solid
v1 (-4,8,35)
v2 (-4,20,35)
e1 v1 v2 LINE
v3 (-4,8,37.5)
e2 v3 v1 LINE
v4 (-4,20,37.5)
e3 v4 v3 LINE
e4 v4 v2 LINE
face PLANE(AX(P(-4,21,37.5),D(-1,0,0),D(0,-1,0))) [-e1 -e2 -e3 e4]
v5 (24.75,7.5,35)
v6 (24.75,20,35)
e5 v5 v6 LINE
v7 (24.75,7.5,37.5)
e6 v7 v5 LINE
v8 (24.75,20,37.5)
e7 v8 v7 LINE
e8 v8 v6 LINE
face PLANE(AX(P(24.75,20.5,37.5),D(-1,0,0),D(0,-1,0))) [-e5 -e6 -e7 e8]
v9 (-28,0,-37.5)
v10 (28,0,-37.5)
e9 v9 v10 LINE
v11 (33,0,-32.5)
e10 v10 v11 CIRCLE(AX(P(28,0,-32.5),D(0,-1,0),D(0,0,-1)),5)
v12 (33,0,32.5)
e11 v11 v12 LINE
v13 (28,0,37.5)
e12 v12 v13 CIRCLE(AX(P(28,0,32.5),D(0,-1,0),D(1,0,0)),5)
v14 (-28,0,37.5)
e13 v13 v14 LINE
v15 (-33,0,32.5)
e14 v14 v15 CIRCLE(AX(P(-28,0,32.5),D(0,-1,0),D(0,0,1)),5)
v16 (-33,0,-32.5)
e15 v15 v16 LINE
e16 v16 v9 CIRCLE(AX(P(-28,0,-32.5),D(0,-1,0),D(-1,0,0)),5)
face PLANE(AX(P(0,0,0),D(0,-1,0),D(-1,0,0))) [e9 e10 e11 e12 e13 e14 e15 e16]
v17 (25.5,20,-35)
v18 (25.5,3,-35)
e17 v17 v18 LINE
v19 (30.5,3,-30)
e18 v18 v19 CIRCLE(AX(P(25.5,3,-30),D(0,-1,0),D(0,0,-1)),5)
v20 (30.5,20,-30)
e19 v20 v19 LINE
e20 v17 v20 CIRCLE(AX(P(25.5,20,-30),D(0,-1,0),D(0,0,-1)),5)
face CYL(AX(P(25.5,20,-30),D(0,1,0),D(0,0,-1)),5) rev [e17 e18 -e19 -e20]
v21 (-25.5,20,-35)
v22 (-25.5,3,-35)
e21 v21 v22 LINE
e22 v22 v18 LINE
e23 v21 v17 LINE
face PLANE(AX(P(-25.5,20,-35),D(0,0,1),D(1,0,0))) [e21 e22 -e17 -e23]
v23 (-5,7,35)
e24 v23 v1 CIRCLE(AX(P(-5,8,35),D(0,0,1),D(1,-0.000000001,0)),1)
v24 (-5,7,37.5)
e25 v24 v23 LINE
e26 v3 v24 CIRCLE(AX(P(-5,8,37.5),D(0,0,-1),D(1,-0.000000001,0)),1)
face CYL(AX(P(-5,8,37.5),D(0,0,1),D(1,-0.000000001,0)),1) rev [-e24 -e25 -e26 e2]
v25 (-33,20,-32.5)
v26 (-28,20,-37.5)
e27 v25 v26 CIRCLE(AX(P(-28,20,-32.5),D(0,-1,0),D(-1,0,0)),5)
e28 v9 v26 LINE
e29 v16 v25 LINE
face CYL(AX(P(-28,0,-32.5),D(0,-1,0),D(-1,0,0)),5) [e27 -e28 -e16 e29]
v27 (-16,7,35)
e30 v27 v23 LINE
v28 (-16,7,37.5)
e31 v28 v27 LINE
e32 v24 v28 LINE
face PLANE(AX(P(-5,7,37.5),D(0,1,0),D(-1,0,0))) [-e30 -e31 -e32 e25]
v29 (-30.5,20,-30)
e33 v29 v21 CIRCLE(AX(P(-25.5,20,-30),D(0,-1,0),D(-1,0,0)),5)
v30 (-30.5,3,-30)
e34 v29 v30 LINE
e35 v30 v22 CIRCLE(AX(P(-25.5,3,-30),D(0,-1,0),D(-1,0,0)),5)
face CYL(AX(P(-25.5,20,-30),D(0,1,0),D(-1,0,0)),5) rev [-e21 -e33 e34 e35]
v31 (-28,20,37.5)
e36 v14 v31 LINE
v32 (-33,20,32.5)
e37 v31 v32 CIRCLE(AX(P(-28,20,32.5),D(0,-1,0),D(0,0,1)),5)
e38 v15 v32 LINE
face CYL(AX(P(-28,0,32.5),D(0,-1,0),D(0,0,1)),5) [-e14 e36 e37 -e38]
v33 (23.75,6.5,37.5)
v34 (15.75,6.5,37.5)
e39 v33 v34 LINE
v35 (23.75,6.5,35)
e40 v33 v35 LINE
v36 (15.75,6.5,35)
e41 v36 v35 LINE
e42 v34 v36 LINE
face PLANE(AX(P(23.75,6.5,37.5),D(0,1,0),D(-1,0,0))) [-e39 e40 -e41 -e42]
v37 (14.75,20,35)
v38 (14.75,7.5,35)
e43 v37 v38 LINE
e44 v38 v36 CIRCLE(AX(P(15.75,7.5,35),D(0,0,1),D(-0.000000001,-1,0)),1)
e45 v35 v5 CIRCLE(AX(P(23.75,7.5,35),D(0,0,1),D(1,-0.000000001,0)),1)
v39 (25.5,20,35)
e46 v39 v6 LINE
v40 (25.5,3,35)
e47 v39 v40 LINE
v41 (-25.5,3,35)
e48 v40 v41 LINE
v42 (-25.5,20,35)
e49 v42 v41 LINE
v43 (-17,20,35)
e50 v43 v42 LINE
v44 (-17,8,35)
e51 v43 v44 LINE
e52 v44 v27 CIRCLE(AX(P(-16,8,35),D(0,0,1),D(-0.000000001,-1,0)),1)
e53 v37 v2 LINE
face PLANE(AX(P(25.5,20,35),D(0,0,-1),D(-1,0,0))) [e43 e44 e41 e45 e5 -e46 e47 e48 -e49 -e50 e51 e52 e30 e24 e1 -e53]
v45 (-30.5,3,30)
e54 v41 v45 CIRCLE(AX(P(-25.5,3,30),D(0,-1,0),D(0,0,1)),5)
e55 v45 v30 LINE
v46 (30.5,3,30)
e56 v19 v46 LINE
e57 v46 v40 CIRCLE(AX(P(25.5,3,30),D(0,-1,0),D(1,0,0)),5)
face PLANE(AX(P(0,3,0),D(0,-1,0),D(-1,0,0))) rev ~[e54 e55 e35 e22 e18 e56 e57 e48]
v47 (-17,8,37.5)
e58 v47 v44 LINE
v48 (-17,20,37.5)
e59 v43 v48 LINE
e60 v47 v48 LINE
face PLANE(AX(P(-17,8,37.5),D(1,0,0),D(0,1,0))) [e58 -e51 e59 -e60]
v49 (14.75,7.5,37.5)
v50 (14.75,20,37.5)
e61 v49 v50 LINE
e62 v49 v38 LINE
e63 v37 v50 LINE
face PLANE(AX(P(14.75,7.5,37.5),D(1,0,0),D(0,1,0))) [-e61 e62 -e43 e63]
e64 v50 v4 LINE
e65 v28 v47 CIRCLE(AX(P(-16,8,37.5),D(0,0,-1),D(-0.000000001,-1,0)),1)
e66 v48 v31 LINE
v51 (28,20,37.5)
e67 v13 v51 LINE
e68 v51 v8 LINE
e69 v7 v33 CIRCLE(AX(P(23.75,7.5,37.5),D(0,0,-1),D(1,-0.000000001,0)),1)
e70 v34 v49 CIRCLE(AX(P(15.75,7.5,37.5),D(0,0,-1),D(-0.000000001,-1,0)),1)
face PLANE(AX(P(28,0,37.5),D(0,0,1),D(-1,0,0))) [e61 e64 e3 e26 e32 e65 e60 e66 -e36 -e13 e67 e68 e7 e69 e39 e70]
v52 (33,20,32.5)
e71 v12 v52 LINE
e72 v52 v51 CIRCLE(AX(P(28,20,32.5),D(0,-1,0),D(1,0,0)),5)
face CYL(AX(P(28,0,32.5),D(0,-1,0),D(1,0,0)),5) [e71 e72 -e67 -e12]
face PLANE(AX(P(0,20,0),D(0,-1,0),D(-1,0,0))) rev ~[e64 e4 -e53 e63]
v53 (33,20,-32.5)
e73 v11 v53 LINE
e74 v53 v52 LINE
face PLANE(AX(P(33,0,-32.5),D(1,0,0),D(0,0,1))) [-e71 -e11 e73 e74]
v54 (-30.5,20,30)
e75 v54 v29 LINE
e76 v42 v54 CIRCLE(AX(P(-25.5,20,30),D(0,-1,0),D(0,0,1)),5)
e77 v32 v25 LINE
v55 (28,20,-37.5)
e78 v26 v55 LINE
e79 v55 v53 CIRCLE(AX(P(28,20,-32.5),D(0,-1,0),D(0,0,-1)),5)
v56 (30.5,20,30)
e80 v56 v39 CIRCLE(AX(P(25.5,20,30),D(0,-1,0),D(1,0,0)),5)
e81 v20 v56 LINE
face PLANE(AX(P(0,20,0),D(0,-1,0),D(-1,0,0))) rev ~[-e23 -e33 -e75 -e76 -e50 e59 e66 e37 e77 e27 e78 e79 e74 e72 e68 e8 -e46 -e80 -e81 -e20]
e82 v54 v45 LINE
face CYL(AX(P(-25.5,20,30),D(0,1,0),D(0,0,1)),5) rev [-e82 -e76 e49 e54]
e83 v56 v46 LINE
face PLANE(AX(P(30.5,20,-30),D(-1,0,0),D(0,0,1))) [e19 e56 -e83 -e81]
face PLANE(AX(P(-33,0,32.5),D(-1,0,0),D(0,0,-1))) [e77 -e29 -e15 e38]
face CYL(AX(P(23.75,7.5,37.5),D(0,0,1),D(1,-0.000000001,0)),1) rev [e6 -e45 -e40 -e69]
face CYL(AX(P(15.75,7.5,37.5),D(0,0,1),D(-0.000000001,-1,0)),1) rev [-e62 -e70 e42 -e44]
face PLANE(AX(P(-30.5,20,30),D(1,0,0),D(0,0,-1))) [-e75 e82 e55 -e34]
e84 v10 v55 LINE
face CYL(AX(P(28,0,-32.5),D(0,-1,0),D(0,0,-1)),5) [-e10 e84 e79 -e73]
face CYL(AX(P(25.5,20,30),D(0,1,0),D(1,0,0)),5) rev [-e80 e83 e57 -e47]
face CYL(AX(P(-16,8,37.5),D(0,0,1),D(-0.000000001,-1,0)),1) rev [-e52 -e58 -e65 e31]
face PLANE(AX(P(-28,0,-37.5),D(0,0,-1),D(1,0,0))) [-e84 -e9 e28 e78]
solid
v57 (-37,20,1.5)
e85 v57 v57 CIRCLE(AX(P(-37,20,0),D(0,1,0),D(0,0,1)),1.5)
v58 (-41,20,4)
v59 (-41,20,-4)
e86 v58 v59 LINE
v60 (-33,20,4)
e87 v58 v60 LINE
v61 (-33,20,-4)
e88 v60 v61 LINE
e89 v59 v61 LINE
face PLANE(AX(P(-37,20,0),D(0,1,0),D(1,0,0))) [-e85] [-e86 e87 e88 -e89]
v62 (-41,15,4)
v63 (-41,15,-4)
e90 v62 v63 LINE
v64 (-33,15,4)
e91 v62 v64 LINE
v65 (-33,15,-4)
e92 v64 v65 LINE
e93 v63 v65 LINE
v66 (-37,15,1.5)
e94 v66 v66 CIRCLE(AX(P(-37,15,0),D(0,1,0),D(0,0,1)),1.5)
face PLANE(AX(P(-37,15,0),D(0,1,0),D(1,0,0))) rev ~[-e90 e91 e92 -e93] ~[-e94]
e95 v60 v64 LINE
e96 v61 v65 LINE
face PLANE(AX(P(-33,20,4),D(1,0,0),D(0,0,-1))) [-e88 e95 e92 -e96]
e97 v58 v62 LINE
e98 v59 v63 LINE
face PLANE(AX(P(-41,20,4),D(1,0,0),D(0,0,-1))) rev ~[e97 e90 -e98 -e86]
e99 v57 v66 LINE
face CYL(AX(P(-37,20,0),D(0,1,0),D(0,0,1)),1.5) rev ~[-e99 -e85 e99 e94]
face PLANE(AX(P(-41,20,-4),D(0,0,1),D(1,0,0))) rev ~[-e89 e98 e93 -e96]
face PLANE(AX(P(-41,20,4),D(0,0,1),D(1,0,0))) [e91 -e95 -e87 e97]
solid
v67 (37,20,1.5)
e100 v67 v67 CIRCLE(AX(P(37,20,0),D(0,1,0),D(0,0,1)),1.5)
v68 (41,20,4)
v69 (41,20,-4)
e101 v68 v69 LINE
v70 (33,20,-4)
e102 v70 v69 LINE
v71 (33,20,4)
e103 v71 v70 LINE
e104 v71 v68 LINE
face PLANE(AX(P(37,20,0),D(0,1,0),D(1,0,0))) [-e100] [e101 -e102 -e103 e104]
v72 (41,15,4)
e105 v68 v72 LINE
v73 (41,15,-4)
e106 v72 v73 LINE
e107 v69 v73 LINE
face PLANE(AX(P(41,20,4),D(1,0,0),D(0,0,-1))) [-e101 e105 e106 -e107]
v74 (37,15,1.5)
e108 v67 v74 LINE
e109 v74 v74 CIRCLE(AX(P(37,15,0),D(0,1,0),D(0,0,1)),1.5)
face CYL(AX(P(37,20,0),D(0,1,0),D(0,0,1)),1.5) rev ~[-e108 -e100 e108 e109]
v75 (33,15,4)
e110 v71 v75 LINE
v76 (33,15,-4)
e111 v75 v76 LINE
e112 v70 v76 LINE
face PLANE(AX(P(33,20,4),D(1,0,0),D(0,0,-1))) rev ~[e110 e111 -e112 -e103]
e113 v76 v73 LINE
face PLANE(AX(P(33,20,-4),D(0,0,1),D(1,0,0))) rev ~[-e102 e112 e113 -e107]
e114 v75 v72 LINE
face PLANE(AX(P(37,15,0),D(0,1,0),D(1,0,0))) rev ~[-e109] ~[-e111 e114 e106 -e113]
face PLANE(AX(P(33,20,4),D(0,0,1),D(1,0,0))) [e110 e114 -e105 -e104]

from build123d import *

# Parameters (mm, degrees)
AUFSATZ_LINEAR_AUSTRAGEN1_DEPTH   = 20
SCHNITT_LINEAR_AUSTRAGEN1_DEPTH   = 17
SCHNITT_LINEAR_AUSTRAGEN2_DEPTH   = 17
SKIZZE5_W                         = 8
SKIZZE5_H                         = 8
AUFSATZ_LINEAR_AUSTRAGEN2_DEPTH   = 5
AUFSATZ_LINEAR_AUSTRAGEN2_2_DEPTH = 5
SKIZZE6_R                         = 1.5
SCHNITT_LINEAR_AUSTRAGEN3_DEPTH   = 10


with BuildPart() as part:
    # Skizze1 → Aufsatz-Linear austragen1 (new body)
    with BuildSketch(Plane(origin=(0, 0, 0), x_dir=(1, 0, 0), z_dir=(0, 1, 0))):
        with BuildLine():
            Line((28, -37.5), (-28, -37.5))
            ThreePointArc((-28, -37.5), (-31.535533906, -36.035533906), (-33, -32.5))
            Line((-33, -32.5), (-33, 32.5))
            ThreePointArc((-33, 32.5), (-31.535533906, 36.035533906), (-28, 37.5))
            Line((-28, 37.5), (28, 37.5))
            ThreePointArc((28, 37.5), (31.535533906, 36.035533906), (33, 32.5))
            Line((33, 32.5), (33, -32.5))
            ThreePointArc((33, -32.5), (31.535533906, -36.035533906), (28, -37.5))
        make_face()
    extrude(amount=AUFSATZ_LINEAR_AUSTRAGEN1_DEPTH)

    # Skizze2 → Schnitt-Linear austragen1 (cut)
    with BuildSketch(Plane(origin=(0, 20, 0), x_dir=(1, 0, 0), z_dir=(0, 1, 0))):
        with BuildLine():
            Line((-25.5, 35), (25.5, 35))
            ThreePointArc((25.5, 35), (29.035533906, 33.535533906), (30.5, 30))
            Line((30.5, 30), (30.5, -30))
            ThreePointArc((30.5, -30), (29.035533906, -33.535533906), (25.5, -35))
            Line((25.5, -35), (-25.5, -35))
            ThreePointArc((-25.5, -35), (-29.035533906, -33.535533906), (-30.5, -30))
            Line((-30.5, -30), (-30.5, 30))
            ThreePointArc((-30.5, 30), (-29.035533906, 33.535533906), (-25.5, 35))
        make_face()
    extrude(amount=-SCHNITT_LINEAR_AUSTRAGEN1_DEPTH, mode=Mode.SUBTRACT)

    # Skizze4 → Schnitt-Linear austragen2 (cut)
    with BuildSketch(Plane.XY.offset(37.5)):
        with BuildLine():
            Line((-16, 22), (-5, 22))
            ThreePointArc((-5, 22), (-4.292893219, 21.707106781), (-4, 21))
            Line((-4, 21), (-4, 8))
            ThreePointArc((-4, 8), (-4.292893219, 7.292893219), (-5, 7))
            Line((-5, 7), (-16, 7))
            ThreePointArc((-16, 7), (-16.707106781, 7.292893219), (-17, 8))
            Line((-17, 8), (-17, 21))
            ThreePointArc((-17, 21), (-16.707106781, 21.707106781), (-16, 22))
        make_face()
        with BuildLine():
            Line((15.75, 21.5), (23.75, 21.5))
            ThreePointArc((23.75, 21.5), (24.457106781, 21.207106781), (24.75, 20.5))
            Line((24.75, 20.5), (24.75, 7.5))
            ThreePointArc((24.75, 7.5), (24.457106781, 6.792893219), (23.75, 6.5))
            Line((23.75, 6.5), (15.75, 6.5))
            ThreePointArc((15.75, 6.5), (15.042893219, 6.792893219), (14.75, 7.5))
            Line((14.75, 7.5), (14.75, 20.5))
            ThreePointArc((14.75, 20.5), (15.042893219, 21.207106781), (15.75, 21.5))
        make_face()
    extrude(amount=-SCHNITT_LINEAR_AUSTRAGEN2_DEPTH, mode=Mode.SUBTRACT)


with BuildPart() as body_2:
    # Skizze5 → Aufsatz-Linear austragen2 (new body)
    with BuildSketch(Plane(origin=(0, 20, 0), x_dir=(1, 0, 0), z_dir=(0, 1, 0))):
        with Locations((37, 0)):
            Rectangle(SKIZZE5_W, SKIZZE5_H)
    extrude(amount=-AUFSATZ_LINEAR_AUSTRAGEN2_DEPTH)


with BuildPart() as body_3:
    # Skizze5 → Aufsatz-Linear austragen2 2 (new body)
    with BuildSketch(Plane(origin=(0, 20, 0), x_dir=(1, 0, 0), z_dir=(0, 1, 0))):
        with Locations((-37, 0)):
            Rectangle(SKIZZE5_W, SKIZZE5_H)
    extrude(amount=-AUFSATZ_LINEAR_AUSTRAGEN2_2_DEPTH)


with BuildPart() as schnitt_linear_austragen3_tool:
    # Skizze6 → Schnitt-Linear austragen3 (new body)
    with BuildSketch(Plane(origin=(0, 20, 0), x_dir=(1, 0, 0), z_dir=(0, 1, 0))):
        with Locations(Location((-37, 0, 0), (0, 0, 270))):
            Circle(SKIZZE6_R)
        with Locations(Location((37, 0, 0), (0, 0, 270))):
            Circle(SKIZZE6_R)
    extrude(amount=-SCHNITT_LINEAR_AUSTRAGEN3_DEPTH)


with BuildPart() as body_2_1:
    add(body_2.part)

    # Schnitt-Linear austragen3: cut by schnitt_linear_austragen3_tool
    add(schnitt_linear_austragen3_tool.part, mode=Mode.SUBTRACT)


with BuildPart() as body_3_1:
    add(body_3.part)

    # Schnitt-Linear austragen3: cut by schnitt_linear_austragen3_tool
    add(schnitt_linear_austragen3_tool.part, mode=Mode.SUBTRACT)


solid = Compound([part.part, body_2_1.part, body_3_1.part])
